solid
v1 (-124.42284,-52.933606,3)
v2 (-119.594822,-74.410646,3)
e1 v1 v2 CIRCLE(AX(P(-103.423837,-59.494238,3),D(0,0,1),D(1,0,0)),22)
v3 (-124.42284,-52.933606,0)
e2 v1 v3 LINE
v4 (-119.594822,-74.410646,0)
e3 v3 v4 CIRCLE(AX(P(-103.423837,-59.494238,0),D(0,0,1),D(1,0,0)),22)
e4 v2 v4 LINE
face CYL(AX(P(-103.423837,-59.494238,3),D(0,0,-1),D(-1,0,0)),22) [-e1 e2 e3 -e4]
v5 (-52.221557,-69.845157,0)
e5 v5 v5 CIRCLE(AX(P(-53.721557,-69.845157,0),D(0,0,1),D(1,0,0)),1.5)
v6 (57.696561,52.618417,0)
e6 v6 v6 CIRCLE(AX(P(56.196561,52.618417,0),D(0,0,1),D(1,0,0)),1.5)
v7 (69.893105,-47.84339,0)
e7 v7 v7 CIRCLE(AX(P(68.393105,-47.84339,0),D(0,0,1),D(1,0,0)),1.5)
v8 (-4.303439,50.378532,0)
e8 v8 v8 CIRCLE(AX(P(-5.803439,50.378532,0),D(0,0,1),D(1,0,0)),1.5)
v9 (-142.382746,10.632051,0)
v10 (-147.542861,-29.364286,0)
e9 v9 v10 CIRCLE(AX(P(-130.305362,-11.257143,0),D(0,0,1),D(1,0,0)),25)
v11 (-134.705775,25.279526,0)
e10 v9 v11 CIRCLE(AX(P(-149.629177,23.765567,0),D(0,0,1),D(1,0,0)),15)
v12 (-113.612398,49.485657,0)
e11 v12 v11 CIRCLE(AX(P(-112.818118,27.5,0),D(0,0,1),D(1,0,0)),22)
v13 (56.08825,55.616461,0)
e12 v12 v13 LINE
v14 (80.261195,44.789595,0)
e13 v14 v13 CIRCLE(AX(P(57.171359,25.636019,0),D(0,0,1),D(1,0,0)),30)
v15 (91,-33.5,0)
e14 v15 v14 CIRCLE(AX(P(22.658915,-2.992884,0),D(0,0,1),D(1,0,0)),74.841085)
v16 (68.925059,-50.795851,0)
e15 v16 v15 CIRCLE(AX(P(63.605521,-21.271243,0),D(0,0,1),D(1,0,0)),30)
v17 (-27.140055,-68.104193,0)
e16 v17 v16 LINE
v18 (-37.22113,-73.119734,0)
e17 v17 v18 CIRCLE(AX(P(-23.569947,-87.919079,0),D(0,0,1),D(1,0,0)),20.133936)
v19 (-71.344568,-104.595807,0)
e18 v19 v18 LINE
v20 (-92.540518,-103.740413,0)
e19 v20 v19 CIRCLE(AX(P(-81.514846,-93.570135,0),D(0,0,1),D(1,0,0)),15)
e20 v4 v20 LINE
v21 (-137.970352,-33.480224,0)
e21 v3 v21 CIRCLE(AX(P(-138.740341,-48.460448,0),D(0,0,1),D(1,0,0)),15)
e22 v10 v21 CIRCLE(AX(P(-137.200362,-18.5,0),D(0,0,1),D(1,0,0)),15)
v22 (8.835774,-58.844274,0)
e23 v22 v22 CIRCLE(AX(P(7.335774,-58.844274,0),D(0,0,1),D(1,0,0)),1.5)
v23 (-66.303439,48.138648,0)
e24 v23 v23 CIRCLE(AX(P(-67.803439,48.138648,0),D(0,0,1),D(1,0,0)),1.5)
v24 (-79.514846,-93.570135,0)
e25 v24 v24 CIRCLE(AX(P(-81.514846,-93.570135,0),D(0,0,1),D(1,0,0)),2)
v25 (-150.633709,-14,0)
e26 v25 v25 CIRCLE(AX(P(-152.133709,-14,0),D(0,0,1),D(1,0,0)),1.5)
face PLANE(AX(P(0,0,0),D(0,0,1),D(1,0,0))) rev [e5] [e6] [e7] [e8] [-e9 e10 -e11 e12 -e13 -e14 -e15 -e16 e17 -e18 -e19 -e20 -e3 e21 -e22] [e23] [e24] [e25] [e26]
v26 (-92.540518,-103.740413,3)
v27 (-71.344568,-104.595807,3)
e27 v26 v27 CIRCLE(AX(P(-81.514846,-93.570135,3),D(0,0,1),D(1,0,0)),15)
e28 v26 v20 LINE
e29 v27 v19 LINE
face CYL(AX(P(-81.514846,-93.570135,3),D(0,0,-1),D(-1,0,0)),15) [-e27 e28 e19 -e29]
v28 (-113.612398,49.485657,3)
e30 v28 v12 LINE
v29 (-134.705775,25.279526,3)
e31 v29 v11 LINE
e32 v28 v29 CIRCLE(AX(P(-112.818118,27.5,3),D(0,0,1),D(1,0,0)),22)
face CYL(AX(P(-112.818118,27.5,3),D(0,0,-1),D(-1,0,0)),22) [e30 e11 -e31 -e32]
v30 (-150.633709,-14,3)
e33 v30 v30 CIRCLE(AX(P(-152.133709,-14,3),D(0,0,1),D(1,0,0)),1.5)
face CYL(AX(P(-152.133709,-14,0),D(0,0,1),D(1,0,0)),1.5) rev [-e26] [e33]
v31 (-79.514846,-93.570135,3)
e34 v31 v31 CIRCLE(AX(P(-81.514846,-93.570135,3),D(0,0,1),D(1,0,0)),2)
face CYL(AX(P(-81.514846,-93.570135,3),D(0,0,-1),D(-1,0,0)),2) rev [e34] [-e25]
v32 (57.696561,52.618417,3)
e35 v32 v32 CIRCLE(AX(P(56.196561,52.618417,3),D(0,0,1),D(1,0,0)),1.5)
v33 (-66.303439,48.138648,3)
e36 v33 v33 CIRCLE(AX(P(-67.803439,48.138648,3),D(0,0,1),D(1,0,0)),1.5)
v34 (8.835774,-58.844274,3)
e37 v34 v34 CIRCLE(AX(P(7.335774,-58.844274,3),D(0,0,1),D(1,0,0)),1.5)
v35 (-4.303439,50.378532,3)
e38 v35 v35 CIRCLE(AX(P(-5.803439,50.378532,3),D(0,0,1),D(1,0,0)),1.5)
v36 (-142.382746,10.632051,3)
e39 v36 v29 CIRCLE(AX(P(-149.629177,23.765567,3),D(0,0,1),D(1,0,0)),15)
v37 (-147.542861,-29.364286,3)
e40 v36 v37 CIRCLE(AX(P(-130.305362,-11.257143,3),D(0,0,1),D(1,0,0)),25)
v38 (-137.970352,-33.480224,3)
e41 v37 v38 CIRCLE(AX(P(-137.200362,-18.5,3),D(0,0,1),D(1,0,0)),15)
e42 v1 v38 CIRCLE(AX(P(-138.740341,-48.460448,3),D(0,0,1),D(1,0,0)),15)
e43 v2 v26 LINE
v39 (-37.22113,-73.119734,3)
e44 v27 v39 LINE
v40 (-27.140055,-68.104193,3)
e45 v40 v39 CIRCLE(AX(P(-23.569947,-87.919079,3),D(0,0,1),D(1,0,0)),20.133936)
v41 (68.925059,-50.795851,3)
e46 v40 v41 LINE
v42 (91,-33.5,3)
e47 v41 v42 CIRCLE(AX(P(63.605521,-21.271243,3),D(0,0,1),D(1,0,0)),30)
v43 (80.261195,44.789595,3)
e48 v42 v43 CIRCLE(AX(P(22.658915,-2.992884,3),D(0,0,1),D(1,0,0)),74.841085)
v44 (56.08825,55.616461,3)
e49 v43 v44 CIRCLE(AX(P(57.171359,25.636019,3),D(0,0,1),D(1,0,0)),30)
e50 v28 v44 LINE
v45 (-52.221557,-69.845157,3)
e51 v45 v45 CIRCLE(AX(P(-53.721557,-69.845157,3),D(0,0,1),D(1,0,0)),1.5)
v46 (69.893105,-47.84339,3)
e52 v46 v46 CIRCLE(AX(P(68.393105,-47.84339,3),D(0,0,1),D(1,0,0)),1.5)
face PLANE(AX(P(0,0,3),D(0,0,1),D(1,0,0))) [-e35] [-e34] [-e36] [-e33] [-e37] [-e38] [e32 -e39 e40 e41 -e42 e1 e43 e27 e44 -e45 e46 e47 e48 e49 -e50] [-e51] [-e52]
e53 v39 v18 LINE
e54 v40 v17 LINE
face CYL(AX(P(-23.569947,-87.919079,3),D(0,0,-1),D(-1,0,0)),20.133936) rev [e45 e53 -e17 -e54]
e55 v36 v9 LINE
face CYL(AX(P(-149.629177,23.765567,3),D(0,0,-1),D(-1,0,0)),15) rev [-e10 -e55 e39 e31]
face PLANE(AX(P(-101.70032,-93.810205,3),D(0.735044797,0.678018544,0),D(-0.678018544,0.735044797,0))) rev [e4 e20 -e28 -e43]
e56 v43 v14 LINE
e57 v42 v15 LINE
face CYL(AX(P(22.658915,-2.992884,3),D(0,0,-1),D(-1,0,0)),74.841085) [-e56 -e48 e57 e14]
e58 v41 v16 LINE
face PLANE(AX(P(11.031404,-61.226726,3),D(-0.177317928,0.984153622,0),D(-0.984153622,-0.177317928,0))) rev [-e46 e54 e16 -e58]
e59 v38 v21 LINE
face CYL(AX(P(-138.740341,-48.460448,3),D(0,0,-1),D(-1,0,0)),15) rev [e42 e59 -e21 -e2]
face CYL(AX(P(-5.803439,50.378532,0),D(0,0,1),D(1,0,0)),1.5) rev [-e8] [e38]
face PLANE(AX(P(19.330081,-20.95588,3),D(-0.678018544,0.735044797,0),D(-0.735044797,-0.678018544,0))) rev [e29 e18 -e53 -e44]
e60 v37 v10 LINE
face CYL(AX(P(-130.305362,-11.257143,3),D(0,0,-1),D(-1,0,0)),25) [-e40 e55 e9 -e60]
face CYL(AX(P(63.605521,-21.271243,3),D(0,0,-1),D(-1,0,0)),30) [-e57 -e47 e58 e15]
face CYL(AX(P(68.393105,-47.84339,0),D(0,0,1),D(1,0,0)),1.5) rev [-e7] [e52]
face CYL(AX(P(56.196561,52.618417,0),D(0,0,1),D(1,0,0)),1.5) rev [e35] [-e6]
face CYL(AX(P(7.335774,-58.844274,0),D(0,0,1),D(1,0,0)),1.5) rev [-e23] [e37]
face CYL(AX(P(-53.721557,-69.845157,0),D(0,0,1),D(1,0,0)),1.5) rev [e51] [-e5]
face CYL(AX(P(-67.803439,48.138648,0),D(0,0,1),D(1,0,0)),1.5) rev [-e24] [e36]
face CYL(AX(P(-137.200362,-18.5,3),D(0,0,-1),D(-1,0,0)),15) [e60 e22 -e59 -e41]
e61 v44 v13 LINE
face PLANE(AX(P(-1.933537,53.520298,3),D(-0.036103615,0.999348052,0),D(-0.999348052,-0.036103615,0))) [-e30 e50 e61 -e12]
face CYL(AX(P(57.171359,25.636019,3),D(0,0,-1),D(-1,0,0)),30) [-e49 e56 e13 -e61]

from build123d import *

# Parameters (mm, degrees)
SKETCH1_R           = 2
BOSS_EXTRUDE1_DEPTH = 3
SKETCH2_R           = 1.5
CUT_EXTRUDE1_DEPTH  = 190.515777006


with BuildPart() as part:
    # Sketch1 → Boss-Extrude1 (new body)
    with BuildSketch(Plane.XY):
        with BuildLine():
            ThreePointArc((-137.970351553, -33.480224156), (-126.431132561, -39.888203569), (-124.422839539, -52.93360637))
            ThreePointArc((-124.422839539, -52.93360637), (-124.888175134, -64.31939994), (-119.594822483, -74.410646153))
            Line((-119.594822483, -74.410646153), (-92.540517723, -103.740413224))
            ThreePointArc((-92.540517723, -103.740413224), (-82.119700521, -108.557935129), (-71.344567605, -104.595807028))
            Line((-71.344567605, -104.595807028), (-37.221129556, -73.119733925))
            ThreePointArc((-37.221129556, -73.119733925), (-32.538343047, -69.892896145), (-27.140055215, -68.104192696))
            Line((-27.140055215, -68.104192696), (68.925058584, -50.795851294))
            ThreePointArc((68.925058584, -50.795851294), (82.107908339, -44.886103489), (91, -33.5))
            ThreePointArc((91, -33.5), (96.805715124, 7.17766304), (80.26119478, 44.789595257))
            ThreePointArc((80.26119478, 44.789595257), (69.434281248, 53.01522195), (56.08825014, 55.616461034))
            Line((56.08825014, 55.616461034), (-113.612396892, 49.485657177))
            ThreePointArc((-113.612396892, 49.485657177), (-129.404309407, 41.953313258), (-134.705774542, 25.279526249))
            ThreePointArc((-134.705774542, 25.279526249), (-136.343375771, 16.802270376), (-142.382746132, 10.632050724))
            ThreePointArc((-142.382746132, 10.632050724), (-155.099864059, -8.058287742), (-147.542861296, -29.364285714))
            ThreePointArc((-147.542861296, -29.364285714), (-143.125485566, -32.280163581), (-137.970351553, -33.480224156))
        make_face()
        with Locations((-81.514845762, -93.570135067)):
            Circle(SKETCH1_R, mode=Mode.SUBTRACT)
    extrude(amount=BOSS_EXTRUDE1_DEPTH)

    # Sketch2 → Cut-Extrude1 (cut, through all)
    with BuildSketch(Plane.XY.offset(3)):
        with Locations((56.196560986, 52.618416878)):
            Circle(SKETCH2_R)
        with Locations((-5.803439014, 50.378532436)):
            Circle(SKETCH2_R)
        with Locations((-67.803439014, 48.138647993)):
            Circle(SKETCH2_R)
        with Locations((68.393104802, -47.843390427)):
            Circle(SKETCH2_R)
        with Locations((7.335774003, -58.84427394)):
            Circle(SKETCH2_R)
        with Locations((-152.133709173, -14)):
            Circle(SKETCH2_R)
        with Locations((-53.721556796, -69.845157453)):
            Circle(SKETCH2_R)
    extrude(amount=-CUT_EXTRUDE1_DEPTH, mode=Mode.SUBTRACT)


solid = part.part
